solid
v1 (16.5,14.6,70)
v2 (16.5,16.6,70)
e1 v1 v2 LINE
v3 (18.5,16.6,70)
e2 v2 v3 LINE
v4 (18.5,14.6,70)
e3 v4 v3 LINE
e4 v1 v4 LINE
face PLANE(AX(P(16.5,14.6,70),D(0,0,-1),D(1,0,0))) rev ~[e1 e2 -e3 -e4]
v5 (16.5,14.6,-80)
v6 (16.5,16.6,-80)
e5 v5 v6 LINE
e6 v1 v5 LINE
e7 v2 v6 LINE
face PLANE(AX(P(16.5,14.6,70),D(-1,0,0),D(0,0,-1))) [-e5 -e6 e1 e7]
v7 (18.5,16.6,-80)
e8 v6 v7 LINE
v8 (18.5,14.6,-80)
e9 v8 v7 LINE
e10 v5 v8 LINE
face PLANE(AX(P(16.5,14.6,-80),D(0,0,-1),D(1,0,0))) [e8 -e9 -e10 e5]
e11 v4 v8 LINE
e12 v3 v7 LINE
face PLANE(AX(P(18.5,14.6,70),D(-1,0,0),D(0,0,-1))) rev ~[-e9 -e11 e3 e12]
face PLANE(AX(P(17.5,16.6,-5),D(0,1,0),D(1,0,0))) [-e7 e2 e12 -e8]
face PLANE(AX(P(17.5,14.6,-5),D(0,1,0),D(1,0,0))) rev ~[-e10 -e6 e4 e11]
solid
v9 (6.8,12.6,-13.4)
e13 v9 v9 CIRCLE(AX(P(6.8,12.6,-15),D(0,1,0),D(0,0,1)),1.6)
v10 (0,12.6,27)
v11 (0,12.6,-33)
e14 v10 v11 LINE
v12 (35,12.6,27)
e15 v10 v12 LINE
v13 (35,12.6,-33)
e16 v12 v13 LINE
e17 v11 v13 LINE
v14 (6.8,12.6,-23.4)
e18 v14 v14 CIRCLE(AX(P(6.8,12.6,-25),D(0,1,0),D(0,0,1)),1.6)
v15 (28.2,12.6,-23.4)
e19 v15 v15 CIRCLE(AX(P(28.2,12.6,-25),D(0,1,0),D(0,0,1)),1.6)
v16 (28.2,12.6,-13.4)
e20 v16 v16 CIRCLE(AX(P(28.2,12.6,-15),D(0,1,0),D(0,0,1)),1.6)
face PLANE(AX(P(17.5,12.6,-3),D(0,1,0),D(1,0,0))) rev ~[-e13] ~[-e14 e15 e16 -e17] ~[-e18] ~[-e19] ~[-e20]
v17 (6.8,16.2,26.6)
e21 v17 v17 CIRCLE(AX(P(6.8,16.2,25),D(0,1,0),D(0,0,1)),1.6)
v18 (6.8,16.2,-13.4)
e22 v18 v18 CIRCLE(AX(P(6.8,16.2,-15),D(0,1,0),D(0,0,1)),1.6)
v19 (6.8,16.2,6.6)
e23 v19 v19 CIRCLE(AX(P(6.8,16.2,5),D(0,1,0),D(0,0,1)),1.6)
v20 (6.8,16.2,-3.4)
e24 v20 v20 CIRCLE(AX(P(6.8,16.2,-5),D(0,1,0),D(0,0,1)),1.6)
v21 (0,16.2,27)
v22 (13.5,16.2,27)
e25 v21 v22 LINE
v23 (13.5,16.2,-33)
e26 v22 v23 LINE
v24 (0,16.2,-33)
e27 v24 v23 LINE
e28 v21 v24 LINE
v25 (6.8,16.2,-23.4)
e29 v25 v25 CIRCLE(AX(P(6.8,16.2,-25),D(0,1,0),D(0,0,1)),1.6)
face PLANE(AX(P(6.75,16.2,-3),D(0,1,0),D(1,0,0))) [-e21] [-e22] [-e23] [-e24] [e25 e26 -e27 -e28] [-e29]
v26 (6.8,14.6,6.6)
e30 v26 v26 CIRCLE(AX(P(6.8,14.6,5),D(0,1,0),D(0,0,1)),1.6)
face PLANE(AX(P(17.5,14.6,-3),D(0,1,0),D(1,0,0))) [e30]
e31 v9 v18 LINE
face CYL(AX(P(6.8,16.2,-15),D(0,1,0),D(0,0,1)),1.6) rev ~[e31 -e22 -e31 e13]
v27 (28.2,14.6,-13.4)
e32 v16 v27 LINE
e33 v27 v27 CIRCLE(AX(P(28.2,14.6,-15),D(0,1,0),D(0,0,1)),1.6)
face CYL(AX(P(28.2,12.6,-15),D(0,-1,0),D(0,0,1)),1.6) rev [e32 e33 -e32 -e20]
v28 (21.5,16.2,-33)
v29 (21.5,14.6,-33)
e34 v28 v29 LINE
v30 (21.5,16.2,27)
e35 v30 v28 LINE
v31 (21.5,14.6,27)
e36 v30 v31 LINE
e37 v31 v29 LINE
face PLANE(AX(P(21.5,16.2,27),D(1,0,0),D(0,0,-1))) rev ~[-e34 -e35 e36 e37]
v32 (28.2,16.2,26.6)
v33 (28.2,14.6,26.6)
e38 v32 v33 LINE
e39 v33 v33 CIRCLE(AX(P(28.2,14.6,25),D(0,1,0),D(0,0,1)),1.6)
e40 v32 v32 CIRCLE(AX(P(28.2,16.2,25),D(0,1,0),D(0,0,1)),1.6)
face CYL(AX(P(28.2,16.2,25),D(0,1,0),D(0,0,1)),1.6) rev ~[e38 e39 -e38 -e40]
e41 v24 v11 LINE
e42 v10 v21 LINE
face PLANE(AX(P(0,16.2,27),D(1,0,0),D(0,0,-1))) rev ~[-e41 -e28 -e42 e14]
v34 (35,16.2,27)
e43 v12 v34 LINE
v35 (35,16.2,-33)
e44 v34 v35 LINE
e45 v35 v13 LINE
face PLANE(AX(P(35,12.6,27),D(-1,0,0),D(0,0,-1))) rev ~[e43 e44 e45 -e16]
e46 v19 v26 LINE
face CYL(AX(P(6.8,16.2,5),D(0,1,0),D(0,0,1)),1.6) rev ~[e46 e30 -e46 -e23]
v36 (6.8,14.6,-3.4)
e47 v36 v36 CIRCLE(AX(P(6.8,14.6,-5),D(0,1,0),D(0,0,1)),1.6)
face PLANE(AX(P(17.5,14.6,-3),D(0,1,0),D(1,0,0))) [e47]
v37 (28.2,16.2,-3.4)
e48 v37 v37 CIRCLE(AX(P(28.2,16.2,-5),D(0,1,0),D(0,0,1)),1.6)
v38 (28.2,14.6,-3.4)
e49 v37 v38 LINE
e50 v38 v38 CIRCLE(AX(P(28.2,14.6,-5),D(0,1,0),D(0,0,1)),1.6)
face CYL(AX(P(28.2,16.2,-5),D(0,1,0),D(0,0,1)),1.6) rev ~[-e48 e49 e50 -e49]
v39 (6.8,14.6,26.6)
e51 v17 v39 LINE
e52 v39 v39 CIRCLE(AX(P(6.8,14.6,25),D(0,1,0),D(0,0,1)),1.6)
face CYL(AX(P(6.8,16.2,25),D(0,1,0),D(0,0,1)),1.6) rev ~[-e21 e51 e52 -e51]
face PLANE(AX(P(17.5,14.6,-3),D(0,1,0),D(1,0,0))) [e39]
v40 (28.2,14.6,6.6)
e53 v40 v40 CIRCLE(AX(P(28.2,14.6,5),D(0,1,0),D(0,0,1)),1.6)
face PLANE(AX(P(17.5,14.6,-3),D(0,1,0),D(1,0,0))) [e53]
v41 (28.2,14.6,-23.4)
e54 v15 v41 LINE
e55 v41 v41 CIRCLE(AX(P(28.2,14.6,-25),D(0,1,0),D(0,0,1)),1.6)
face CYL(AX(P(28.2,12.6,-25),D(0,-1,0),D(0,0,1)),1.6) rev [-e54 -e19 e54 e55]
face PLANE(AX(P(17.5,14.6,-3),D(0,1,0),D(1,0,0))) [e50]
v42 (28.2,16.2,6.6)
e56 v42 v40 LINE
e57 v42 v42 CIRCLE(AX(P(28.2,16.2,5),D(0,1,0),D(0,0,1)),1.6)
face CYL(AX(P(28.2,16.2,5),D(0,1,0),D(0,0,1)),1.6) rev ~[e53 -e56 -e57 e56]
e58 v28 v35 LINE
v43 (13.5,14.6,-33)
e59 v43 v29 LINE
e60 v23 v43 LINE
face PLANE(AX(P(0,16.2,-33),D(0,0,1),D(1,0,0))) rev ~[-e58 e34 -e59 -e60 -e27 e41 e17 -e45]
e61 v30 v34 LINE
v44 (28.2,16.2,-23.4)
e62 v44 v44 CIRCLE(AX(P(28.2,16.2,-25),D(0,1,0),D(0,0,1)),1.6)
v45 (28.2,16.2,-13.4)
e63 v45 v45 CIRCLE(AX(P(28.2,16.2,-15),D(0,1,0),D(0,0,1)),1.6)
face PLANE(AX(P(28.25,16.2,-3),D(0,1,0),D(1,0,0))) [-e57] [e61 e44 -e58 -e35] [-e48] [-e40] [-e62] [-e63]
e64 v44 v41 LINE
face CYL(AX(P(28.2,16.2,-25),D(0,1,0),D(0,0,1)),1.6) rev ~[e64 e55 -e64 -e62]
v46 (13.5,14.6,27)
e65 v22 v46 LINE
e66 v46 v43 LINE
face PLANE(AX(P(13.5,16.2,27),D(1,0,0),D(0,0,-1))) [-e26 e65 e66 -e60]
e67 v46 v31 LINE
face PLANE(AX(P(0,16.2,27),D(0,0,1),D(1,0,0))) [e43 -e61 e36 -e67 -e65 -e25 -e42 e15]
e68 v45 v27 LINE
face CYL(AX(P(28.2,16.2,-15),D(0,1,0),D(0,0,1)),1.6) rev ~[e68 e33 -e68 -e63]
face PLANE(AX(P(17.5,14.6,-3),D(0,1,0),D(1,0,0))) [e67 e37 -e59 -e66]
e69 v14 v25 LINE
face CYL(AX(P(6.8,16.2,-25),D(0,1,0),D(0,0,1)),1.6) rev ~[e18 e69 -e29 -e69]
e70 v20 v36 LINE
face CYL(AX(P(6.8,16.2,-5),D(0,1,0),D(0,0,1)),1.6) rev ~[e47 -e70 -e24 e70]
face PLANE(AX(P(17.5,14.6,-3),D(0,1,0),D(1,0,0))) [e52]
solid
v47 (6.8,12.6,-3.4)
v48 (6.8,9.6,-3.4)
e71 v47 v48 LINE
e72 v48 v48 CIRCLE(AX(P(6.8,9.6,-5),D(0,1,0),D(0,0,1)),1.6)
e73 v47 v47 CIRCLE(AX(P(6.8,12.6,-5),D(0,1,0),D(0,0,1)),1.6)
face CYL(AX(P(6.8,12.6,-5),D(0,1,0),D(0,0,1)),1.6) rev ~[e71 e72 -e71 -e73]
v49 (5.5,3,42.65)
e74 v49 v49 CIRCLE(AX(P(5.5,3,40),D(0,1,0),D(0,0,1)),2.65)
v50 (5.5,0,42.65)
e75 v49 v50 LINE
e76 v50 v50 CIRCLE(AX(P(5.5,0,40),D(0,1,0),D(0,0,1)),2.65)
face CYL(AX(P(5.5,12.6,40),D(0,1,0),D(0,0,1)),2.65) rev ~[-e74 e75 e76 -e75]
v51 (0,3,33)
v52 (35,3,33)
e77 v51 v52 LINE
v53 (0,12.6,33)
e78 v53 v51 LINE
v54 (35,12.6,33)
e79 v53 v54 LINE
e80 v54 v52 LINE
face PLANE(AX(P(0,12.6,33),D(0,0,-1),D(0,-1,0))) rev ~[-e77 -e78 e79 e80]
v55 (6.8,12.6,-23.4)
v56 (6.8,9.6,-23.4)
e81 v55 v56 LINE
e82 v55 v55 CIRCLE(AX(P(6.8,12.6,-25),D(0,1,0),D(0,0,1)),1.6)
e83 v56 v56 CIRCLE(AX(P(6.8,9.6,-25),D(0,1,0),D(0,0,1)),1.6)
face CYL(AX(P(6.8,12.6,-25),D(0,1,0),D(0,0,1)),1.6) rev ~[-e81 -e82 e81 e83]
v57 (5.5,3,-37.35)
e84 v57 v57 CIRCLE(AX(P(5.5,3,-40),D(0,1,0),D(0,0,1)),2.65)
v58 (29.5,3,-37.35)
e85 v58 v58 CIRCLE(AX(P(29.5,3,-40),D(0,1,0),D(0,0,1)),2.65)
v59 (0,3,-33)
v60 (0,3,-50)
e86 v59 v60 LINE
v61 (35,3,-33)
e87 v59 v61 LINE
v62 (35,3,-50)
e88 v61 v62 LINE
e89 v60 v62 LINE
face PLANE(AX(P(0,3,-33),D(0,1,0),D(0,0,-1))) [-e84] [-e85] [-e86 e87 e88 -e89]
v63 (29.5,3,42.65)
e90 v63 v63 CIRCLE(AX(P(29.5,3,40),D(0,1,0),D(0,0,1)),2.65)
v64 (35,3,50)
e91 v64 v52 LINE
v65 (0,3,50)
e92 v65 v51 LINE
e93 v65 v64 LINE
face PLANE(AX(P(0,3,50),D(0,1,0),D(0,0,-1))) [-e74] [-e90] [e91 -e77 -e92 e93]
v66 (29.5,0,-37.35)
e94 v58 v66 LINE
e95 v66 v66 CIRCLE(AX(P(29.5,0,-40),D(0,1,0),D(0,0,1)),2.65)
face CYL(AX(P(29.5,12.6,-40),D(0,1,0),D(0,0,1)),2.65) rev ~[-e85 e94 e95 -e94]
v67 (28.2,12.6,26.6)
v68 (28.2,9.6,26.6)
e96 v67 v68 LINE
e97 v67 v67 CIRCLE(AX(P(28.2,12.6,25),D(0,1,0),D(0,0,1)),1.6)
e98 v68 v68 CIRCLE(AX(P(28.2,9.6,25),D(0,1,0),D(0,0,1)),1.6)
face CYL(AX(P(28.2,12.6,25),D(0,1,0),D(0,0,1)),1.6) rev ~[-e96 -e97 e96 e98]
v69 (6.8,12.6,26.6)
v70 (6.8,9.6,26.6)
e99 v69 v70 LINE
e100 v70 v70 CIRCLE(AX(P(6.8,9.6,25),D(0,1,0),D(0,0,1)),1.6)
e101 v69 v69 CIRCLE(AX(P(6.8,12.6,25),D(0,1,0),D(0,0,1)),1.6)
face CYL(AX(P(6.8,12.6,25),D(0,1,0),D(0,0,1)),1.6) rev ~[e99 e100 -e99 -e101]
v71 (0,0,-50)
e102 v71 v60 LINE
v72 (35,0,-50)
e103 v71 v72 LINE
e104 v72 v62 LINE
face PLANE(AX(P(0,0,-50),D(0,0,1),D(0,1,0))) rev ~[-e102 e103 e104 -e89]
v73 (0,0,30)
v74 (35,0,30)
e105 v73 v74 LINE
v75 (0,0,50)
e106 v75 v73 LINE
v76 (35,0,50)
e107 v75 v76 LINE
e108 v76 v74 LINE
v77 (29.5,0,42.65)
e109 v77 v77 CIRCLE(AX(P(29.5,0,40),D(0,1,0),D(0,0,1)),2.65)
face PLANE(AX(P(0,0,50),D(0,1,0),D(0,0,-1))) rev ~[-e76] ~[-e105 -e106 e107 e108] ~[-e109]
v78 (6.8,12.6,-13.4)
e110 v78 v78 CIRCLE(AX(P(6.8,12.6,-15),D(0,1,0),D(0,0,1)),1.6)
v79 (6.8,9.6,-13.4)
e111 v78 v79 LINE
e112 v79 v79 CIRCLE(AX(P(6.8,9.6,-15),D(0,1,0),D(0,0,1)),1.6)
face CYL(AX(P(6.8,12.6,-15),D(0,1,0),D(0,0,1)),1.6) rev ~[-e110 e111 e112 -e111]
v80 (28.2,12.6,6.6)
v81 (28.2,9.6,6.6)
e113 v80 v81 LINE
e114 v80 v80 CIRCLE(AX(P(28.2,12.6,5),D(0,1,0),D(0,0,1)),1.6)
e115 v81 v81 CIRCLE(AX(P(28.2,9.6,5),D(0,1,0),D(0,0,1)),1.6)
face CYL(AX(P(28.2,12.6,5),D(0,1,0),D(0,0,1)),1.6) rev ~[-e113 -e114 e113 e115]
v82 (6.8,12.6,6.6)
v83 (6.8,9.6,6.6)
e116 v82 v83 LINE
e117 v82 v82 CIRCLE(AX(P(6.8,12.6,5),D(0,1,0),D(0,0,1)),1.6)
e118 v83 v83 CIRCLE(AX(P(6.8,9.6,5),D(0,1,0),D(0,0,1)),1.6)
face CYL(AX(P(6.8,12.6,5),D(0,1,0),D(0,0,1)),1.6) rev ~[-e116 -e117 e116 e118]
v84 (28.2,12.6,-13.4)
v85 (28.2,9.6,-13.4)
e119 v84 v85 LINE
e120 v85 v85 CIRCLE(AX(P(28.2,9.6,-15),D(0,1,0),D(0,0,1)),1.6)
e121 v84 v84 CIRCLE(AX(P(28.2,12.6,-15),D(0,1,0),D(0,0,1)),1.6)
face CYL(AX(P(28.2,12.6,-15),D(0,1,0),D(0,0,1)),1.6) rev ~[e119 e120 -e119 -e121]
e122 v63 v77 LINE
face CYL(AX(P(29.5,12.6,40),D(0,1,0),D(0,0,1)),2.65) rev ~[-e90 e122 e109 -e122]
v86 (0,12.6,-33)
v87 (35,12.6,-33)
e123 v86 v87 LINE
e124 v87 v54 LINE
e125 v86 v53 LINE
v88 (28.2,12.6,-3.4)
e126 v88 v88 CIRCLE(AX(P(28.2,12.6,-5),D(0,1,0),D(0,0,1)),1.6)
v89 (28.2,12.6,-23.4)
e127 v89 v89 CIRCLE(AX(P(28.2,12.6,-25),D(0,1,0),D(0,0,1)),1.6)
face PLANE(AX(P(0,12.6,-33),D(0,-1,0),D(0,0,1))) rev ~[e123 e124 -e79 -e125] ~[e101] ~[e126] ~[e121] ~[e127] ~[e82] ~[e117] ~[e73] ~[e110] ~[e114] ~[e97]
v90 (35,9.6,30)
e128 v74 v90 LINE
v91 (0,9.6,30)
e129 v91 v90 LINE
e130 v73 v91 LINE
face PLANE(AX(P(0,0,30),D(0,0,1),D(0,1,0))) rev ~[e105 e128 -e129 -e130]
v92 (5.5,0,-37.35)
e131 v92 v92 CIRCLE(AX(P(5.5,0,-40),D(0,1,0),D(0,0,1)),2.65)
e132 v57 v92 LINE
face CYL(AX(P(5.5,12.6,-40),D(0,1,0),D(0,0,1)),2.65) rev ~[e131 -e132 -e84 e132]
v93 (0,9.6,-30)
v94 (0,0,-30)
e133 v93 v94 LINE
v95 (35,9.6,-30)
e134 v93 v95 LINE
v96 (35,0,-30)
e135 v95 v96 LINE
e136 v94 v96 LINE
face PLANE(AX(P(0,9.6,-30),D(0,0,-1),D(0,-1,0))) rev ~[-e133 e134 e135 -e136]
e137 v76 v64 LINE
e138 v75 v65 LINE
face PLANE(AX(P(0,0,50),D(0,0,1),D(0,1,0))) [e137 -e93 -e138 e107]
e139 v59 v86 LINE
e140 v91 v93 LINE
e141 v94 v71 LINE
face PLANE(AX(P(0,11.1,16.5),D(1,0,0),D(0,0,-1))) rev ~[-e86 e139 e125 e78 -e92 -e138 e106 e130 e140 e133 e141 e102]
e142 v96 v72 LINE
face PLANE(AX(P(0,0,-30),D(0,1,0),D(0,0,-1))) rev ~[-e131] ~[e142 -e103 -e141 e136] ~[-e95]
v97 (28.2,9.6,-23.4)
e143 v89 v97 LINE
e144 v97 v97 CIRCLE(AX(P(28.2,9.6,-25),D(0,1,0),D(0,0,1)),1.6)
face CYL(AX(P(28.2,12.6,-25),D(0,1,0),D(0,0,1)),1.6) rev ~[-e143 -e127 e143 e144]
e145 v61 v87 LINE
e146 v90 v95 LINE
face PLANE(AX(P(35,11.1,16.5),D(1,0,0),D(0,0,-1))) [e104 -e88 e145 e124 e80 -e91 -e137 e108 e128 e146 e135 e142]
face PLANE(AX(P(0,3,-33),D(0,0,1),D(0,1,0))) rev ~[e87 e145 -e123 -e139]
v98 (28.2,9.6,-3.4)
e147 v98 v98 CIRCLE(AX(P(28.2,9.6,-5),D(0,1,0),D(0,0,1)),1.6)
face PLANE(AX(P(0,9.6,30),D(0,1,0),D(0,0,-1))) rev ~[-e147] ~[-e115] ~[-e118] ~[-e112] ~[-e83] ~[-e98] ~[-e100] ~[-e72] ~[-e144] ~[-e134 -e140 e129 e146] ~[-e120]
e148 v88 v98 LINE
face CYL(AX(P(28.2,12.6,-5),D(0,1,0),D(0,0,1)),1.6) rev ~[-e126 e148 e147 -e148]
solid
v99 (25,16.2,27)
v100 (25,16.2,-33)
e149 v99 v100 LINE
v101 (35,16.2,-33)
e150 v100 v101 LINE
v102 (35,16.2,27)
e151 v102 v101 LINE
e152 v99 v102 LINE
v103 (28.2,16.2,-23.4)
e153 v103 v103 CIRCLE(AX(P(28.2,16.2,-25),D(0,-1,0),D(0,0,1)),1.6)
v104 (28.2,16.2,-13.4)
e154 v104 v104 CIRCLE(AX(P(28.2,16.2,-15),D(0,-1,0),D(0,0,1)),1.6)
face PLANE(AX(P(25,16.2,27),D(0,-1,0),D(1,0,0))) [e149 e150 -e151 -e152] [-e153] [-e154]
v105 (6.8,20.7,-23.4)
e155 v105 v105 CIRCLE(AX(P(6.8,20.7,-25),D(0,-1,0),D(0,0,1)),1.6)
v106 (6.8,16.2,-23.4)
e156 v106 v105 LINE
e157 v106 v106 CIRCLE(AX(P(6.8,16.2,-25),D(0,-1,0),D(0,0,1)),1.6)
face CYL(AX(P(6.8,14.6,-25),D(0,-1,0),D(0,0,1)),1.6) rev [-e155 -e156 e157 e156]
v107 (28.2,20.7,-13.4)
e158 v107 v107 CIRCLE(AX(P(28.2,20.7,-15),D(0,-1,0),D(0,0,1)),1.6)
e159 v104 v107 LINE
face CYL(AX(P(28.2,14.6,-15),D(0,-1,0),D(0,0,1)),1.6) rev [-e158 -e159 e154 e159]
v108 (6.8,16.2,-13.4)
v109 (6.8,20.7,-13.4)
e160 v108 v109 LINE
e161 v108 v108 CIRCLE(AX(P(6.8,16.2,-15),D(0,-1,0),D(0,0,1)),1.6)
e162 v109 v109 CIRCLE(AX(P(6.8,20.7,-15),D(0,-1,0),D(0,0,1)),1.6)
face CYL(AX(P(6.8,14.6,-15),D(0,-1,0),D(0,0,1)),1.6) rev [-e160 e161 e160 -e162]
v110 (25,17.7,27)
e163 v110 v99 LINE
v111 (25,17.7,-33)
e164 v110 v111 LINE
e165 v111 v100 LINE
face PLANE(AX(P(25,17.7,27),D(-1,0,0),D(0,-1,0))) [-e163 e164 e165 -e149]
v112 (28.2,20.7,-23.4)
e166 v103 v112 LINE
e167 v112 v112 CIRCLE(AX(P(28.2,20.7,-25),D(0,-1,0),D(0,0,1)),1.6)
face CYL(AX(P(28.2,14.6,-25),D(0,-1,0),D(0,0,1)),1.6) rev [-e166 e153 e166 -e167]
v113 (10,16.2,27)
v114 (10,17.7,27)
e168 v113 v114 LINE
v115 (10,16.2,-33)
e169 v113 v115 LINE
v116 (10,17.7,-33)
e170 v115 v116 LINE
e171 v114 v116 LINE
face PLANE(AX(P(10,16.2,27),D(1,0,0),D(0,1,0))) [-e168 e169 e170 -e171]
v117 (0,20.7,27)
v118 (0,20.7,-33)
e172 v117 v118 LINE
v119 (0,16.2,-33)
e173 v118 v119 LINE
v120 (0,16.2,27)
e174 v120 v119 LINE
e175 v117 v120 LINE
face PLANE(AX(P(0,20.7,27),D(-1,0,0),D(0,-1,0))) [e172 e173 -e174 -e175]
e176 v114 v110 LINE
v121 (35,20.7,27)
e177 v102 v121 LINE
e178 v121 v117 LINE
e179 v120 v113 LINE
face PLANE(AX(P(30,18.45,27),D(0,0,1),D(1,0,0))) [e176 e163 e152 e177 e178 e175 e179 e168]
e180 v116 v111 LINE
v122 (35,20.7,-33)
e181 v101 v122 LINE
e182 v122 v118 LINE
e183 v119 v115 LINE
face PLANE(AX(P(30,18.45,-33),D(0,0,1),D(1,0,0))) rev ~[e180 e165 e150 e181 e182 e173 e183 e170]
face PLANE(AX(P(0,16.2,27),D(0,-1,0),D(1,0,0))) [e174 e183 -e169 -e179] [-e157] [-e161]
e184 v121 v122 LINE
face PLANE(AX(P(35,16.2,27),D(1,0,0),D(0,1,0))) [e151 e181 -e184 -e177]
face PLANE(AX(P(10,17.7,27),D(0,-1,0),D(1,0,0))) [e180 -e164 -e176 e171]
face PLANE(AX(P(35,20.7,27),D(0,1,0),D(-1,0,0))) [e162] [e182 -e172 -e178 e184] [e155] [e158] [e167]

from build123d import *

# Parameters (mm, degrees)
SKETCH1_W           = 17
SKETCH1_H           = 3
BOSS_EXTRUDE1_DEPTH = 35
SKETCH2_R           = 1.6
SKETCH2_R_2         = 2.65
CUT_EXTRUDE1_DEPTH  = 63.319820282
SKETCH4_W           = 35
SKETCH4_H           = 60
SKETCH4_R           = 1.6
BOSS_EXTRUDE2_DEPTH = 2
BOSS_EXTRUDE3_START = 1.6
SKETCH5_W           = 13.5
SKETCH5_H           = 60
SKETCH5_R           = 1.6
BOSS_EXTRUDE3_DEPTH = 1.6
SKETCH6_W           = 7.5
SKETCH6_H           = 3
BOSS_EXTRUDE4_DEPTH = 60
SKETCH5_2_R         = 1.6
CUT_EXTRUDE2_DEPTH  = 63.754760776
SKETCH7_W           = 2
SKETCH7_H           = 150
BOSS_EXTRUDE5_DEPTH = 2


with BuildPart() as part:
    # Sketch1 → Boss-Extrude1 (new body)
    with BuildSketch(Plane(origin=(0, 0, 0), x_dir=(0, 0, -1), z_dir=(1, 0, 0))):
        Polygon((-33, 12.6), (-33, 9.6), (-30, 9.6), (0, 9.6), (0, 12.6), align=None)
        Polygon((0, 12.6), (0, 9.6), (30, 9.6), (33, 9.6), (33, 12.6), align=None)
        Polygon((33, 9.6), (30, 9.6), (30, 0), (33, 0), (33, 3), align=None)
        with Locations((41.5, 1.5)):
            Rectangle(SKETCH1_W, SKETCH1_H)
        Polygon((-33, 9.6), (-33, 3), (-33, 0), (-30, 0), (-30, 9.6), align=None)
        with Locations((-41.5, 1.5)):
            Rectangle(SKETCH1_W, SKETCH1_H)
    extrude(amount=BOSS_EXTRUDE1_DEPTH)

    # Sketch2 → Cut-Extrude1 (cut, through all)
    with BuildSketch(Plane(origin=(0, 12.6, 0), x_dir=(1, 0, 0), z_dir=(0, 1, 0))):
        with Locations(Location((6.8, 25, 0), (0, 0, 270))):
            Circle(SKETCH2_R)
        with Locations(Location((28.2, 25, 0), (0, 0, 270))):
            Circle(SKETCH2_R)
        with Locations(Location((6.8, 15, 0), (0, 0, 270))):
            Circle(SKETCH2_R)
        with Locations(Location((28.2, 15, 0), (0, 0, 270))):
            Circle(SKETCH2_R)
        with Locations(Location((5.5, 40, 0), (0, 0, 270))):
            Circle(SKETCH2_R_2)
        with Locations(Location((29.5, 40, 0), (0, 0, 270))):
            Circle(SKETCH2_R_2)
        with Locations(Location((29.5, -40, 0), (0, 0, 270))):
            Circle(SKETCH2_R_2)
        with Locations(Location((5.5, -40, 0), (0, 0, 270))):
            Circle(SKETCH2_R_2)
        with Locations(Location((6.8, 5, 0), (0, 0, 270))):
            Circle(SKETCH2_R)
        with Locations(Location((28.2, 5, 0), (0, 0, 270))):
            Circle(SKETCH2_R)
        with Locations(Location((6.8, -5, 0), (0, 0, 270))):
            Circle(SKETCH2_R)
        with Locations(Location((28.2, -5, 0), (0, 0, 270))):
            Circle(SKETCH2_R)
        with Locations(Location((6.8, -25, 0), (0, 0, 270))):
            Circle(SKETCH2_R)
        with Locations(Location((28.2, -25, 0), (0, 0, 270))):
            Circle(SKETCH2_R)
    extrude(amount=-CUT_EXTRUDE1_DEPTH, mode=Mode.SUBTRACT)


with BuildPart() as body_2:
    # Sketch4 → Boss-Extrude2 (new body)
    with BuildSketch(Plane(origin=(0, 12.6, 0), x_dir=(1, 0, 0), z_dir=(0, 1, 0))):
        with Locations((17.5, 3)):
            Rectangle(SKETCH4_W, SKETCH4_H)
        with Locations(Location((6.8, 15, 0), (0, 0, 270))):
            Circle(SKETCH4_R, mode=Mode.SUBTRACT)
        with Locations(Location((28.2, 15, 0), (0, 0, 270))):
            Circle(SKETCH4_R, mode=Mode.SUBTRACT)
        with Locations(Location((28.2, 25, 0), (0, 0, 270))):
            Circle(SKETCH4_R, mode=Mode.SUBTRACT)
        with Locations(Location((6.8, 25, 0), (0, 0, 270))):
            Circle(SKETCH4_R, mode=Mode.SUBTRACT)
    extrude(amount=BOSS_EXTRUDE2_DEPTH)

    # Sketch5 → Boss-Extrude3 (add)
    # profile 1 of 2: a face of its own
    with BuildSketch(Plane(origin=(0, 14.6, 0), x_dir=(1, 0, 0), z_dir=(0, 1, 0)).offset(BOSS_EXTRUDE3_START)):
        with Locations((6.75, 3)):
            Rectangle(SKETCH5_W, SKETCH5_H)
        with Locations(Location((6.8, 25, 0), (0, 0, 270))):
            Circle(SKETCH5_R, mode=Mode.SUBTRACT)
        with Locations(Location((6.8, 15, 0), (0, 0, 270))):
            Circle(SKETCH5_R, mode=Mode.SUBTRACT)
        with Locations(Location((6.8, -25, 0), (0, 0, 270))):
            Circle(SKETCH5_R, mode=Mode.SUBTRACT)
        with Locations(Location((6.8, -5, 0), (0, 0, 270))):
            Circle(SKETCH5_R, mode=Mode.SUBTRACT)
        with Locations(Location((6.8, 5, 0), (0, 0, 270))):
            Circle(SKETCH5_R, mode=Mode.SUBTRACT)
    # profile 2 of 2: a face of its own
    with BuildSketch(Plane(origin=(0, 14.6, 0), x_dir=(1, 0, 0), z_dir=(0, 1, 0)).offset(BOSS_EXTRUDE3_START)):
        with Locations((28.25, 3)):
            Rectangle(SKETCH5_W, SKETCH5_H)
        with Locations(Location((28.2, 25, 0), (0, 0, 270))):
            Circle(SKETCH5_R, mode=Mode.SUBTRACT)
        with Locations(Location((28.2, 15, 0), (0, 0, 270))):
            Circle(SKETCH5_R, mode=Mode.SUBTRACT)
        with Locations(Location((28.2, -25, 0), (0, 0, 270))):
            Circle(SKETCH5_R, mode=Mode.SUBTRACT)
        with Locations(Location((28.2, -5, 0), (0, 0, 270))):
            Circle(SKETCH5_R, mode=Mode.SUBTRACT)
        with Locations(Location((28.2, 5, 0), (0, 0, 270))):
            Circle(SKETCH5_R, mode=Mode.SUBTRACT)
    extrude(amount=-BOSS_EXTRUDE3_DEPTH)


with BuildPart() as body_3:
    # Sketch6 → Boss-Extrude4 (new body)
    with BuildSketch(Plane.XY.offset(27)):
        Polygon((25, 20.7), (25, 17.7), (25, 16.2), (35, 16.2), (35, 20.7), align=None)
        with Locations((21.25, 19.2)):
            Rectangle(SKETCH6_W, SKETCH6_H)
        with Locations((13.75, 19.2)):
            Rectangle(SKETCH6_W, SKETCH6_H)
        Polygon((0, 20.7), (0, 16.2), (10, 16.2), (10, 17.7), (10, 20.7), align=None)
    extrude(amount=-BOSS_EXTRUDE4_DEPTH)

    # Sketch5<2> → Cut-Extrude2 (cut, through all)
    with BuildSketch(Plane(origin=(0, 14.6, 0), x_dir=(1, 0, 0), z_dir=(0, 1, 0))):
        with Locations(Location((6.8, 25, 0), (0, 0, 270))):
            Circle(SKETCH5_2_R)
        with Locations(Location((28.2, 25, 0), (0, 0, 270))):
            Circle(SKETCH5_2_R)
        with Locations(Location((28.2, 15, 0), (0, 0, 270))):
            Circle(SKETCH5_2_R)
        with Locations(Location((6.8, 15, 0), (0, 0, 270))):
            Circle(SKETCH5_2_R)
    extrude(amount=CUT_EXTRUDE2_DEPTH, mode=Mode.SUBTRACT)


with BuildPart() as body_4:
    # Sketch7 → Boss-Extrude5 (new body)
    with BuildSketch(Plane(origin=(0, 14.6, 0), x_dir=(1, 0, 0), z_dir=(0, 1, 0))):
        with Locations((17.5, 5)):
            Rectangle(SKETCH7_W, SKETCH7_H)
    extrude(amount=BOSS_EXTRUDE5_DEPTH)


solid = Compound([part.part, body_2.part, body_3.part, body_4.part])
